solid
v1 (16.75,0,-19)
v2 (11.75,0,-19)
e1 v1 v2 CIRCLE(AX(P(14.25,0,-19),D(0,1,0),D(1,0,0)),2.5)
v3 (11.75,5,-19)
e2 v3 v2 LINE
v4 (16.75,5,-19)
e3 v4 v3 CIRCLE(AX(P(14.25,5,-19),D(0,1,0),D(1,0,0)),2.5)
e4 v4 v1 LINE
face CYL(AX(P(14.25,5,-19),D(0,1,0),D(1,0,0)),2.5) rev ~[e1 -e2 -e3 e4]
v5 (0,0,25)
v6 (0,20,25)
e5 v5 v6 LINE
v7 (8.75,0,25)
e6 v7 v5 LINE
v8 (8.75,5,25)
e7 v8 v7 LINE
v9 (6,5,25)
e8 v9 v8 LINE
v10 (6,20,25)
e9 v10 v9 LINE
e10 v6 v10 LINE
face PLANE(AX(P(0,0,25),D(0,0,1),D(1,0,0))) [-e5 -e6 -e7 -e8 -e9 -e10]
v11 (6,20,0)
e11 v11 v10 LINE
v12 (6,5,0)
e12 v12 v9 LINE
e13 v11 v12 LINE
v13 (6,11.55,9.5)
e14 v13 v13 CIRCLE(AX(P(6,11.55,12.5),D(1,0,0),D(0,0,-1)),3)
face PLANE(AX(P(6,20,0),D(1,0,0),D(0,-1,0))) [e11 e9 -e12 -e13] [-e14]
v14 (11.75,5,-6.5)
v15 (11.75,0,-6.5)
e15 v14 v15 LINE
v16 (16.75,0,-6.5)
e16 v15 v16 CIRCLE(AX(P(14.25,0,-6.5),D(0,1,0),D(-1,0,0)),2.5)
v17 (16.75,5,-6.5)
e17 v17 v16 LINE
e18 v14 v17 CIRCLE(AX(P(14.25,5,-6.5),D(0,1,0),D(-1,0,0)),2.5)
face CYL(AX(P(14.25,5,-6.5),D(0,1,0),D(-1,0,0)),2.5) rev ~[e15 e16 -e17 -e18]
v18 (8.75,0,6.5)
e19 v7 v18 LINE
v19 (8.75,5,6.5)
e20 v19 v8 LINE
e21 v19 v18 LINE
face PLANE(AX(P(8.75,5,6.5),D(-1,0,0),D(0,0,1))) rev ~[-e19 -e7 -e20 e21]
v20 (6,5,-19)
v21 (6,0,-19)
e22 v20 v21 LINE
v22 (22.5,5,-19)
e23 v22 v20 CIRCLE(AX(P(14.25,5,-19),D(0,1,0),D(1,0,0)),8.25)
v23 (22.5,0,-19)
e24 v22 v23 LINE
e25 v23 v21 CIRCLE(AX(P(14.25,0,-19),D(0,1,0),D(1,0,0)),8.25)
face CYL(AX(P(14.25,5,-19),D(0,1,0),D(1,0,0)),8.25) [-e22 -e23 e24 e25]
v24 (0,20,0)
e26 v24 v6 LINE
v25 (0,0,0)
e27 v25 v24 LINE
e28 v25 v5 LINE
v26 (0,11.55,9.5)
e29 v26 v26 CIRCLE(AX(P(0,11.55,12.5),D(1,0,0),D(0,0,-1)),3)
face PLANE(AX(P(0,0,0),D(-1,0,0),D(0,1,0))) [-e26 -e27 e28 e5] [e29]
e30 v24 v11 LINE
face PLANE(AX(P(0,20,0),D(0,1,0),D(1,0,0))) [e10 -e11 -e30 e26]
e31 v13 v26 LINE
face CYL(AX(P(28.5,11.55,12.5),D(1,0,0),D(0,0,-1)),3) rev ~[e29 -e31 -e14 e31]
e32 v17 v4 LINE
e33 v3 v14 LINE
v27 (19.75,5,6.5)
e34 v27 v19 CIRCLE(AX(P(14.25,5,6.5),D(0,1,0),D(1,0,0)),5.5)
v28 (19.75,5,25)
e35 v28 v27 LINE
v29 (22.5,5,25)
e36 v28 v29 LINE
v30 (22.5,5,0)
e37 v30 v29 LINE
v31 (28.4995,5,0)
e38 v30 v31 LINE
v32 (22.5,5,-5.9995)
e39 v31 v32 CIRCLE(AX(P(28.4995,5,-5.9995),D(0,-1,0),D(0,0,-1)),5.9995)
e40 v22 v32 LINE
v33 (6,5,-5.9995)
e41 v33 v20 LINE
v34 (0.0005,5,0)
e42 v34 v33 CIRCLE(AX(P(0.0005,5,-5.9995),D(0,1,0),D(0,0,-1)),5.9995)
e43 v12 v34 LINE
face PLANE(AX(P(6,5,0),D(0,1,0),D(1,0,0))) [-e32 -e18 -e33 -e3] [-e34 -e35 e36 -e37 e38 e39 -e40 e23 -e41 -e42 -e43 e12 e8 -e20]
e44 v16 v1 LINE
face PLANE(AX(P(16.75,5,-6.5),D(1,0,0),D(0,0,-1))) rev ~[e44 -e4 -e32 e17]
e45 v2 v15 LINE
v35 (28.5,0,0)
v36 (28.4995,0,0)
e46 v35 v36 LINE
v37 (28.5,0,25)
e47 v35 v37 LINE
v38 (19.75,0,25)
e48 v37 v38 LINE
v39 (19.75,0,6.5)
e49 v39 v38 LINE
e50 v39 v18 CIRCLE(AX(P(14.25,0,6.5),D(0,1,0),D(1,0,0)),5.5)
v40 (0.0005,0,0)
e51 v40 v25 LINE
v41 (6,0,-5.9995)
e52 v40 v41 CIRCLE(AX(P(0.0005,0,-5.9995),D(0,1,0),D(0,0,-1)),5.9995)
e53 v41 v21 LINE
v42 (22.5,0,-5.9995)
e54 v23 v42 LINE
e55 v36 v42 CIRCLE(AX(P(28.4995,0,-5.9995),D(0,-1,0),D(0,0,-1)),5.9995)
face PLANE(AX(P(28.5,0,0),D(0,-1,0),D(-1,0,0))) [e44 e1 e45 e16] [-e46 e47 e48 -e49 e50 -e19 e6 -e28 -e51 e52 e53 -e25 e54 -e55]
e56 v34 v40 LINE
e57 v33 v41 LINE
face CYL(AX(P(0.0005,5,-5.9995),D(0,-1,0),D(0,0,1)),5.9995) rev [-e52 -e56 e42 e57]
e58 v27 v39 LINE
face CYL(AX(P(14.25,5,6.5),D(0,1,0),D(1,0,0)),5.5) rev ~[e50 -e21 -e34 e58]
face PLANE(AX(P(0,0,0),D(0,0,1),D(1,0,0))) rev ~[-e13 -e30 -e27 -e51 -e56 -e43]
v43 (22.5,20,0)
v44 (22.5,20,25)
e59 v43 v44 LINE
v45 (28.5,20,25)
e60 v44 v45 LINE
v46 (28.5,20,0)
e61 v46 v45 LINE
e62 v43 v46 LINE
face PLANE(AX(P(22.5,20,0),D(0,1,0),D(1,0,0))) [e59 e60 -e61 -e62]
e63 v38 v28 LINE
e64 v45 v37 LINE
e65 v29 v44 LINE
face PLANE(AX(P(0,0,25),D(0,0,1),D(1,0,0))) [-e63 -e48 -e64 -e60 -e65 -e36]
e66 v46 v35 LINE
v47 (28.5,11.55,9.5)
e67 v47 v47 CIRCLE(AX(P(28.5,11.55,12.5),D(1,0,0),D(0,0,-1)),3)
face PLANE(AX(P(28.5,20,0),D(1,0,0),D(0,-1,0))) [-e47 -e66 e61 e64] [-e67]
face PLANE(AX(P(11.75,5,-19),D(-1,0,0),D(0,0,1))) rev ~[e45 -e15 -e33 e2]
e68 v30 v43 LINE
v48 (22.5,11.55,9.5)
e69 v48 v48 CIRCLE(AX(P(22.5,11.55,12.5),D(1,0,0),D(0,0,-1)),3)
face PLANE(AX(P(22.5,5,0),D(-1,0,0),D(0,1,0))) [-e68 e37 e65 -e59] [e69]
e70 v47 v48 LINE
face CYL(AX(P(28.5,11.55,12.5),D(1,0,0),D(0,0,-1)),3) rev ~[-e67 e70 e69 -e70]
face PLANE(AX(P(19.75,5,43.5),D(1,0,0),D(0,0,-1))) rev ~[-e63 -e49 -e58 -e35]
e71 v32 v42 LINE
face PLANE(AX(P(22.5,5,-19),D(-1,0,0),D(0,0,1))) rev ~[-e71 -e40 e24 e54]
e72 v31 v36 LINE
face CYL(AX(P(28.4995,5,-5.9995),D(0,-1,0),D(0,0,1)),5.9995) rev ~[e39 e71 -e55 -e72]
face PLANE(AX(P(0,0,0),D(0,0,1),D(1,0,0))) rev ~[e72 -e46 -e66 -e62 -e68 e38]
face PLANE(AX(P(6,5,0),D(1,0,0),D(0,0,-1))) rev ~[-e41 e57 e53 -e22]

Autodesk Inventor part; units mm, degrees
ref_plane "YZ Plane" through (0, 0, 0) normal (1, 0, 0) x (0, 1, 0)
ref_plane "XZ Plane" through (0, 0, 0) normal (0, 1, 0) x (-1, 0, 0)
ref_plane "XY Plane" through (0, 0, 0) normal (0, 0, 1) x (1, 0, 0)
sketch "Skizze1" plane through (0, 0, 0) normal (0, 0, 1) x (1, 0, 0)
  line L0 (0, 0) -> (0, 20)
  line L1 (0, 20) -> (6, 20)
  line L2 (6, 20) -> (6, 5)
  line L3 (6, 5) -> (22.5, 5)
  line L4 (22.5, 5) -> (22.5, 20)
  line L5 (22.5, 20) -> (28.5, 20)
  line L6 (28.5, 20) -> (28.5, 0)
  line L7 (28.5, 0) -> (0, 0)
  line L8 (14.25, 5) -> (14.25, 0) construction
  line L9 (0, 11.55) -> (28.5, 11.55) construction
  dimension "d0" = 6
  dimension "d1" = 5
  dimension "d2" = 11.55
  dimension "d3" = 16.5
  dimension "d4" = 20
  dimension "d14" = 28.5
extrude "Extrusion1" add sketch "Skizze1" along normal blind 25
sketch "Skizze2" plane through (28.5, 0, 0) normal (1, 0, 0) x (0, 0, -1)
  line L0 (-12.5, 11.55) -> (-12.5, 20) construction
  line L1 (0, 20) -> (-25, 20) construction
  circle A0 centre (-12.5, 11.55) radius 3
  point P0 (0, 0)
  point P1 (-25, 0)
  dimension "d7" = 11.55
  dimension "d20" = 6
extrude "Extrusion2" cut sketch "Skizze2" against normal through all
sketch "Skizze3" plane through (6, 5, 0) normal (0, 1, 0) x (1, 0, 0)
  line L0 (16.5, -25) -> (0, -25) construction
  line L1 (8.25, -25) -> (8.25, 0) construction
  line L2 (16.5, 0) -> (0, 0) construction
  line L3 (8.25, -43.5) -> (8.25, -6.5) construction
  line L4 (13.75, -43.5) -> (13.75, -6.5)
  line L5 (2.75, -6.5) -> (2.75, -43.5)
  arc A0 (2.75, -43.5) -> (13.75, -43.5) centre (8.25, -43.5) ccw
  arc A1 (13.75, -6.5) -> (2.75, -6.5) centre (8.25, -6.5) ccw
  line L6 (28.2, -12.5) -> (-11.7, -12.5) construction
  point P0 (-6, 0)
  dimension "d11" = 11
  dimension "d25" = 6
extrude "Extrusion3" cut sketch "Skizze3" against normal through all
sketch "Skizze4" plane through (6, 5, 0) normal (0, 1, 0) x (1, 0, 0)
  line L0 (16.5, 0) -> (0, 0) projected
  line L1 (8.25, -11) -> (8.25, 19) construction
  line L2 (-6, 0) -> (22.5, 0) projected
  line L3 (0, -11) -> (0, 19)
  line L4 (16.5, 19) -> (16.5, -11)
  arc A0 (0, -11) -> (16.5, -11) centre (8.25, -11) ccw
  arc A1 (16.5, 19) -> (0, 19) centre (8.25, 19) ccw
  line L5 (5.75, 19) -> (5.75, -11)
  arc A2 (5.75, -11) -> (10.75, -11) centre (8.25, -11) ccw
  line L6 (10.75, -11) -> (10.75, 19)
  arc A3 (10.75, 19) -> (5.75, 19) centre (8.25, 19) ccw
  arc A4 (5.75, 6.5) -> (10.75, 6.5) centre (8.25, 6.5) ccw
  point P0 (8.25, 4)
  point P1 (16.5, 0)
  point P2 (5.75, 0)
  point P3 (10.75, 0)
  point P4 (8.25, 0)
  point P5 (8.25, 0)
  dimension "d15" = 15
  dimension "d18" = 5
  dimension "d26" = 4
extrude "Extrusion4" add sketch "Skizze4" against normal up to surface (5 mm away) contours L0 L6 A3 L5 L3 A1 L4 | L0 L5 A4 L6
fillet "Rundung1" radius 6 2 edges at (6, 2.5, 0) (22.5, 2.5, 0)
ref_plane "Arbeitsebene1" through (14.25, 0, 25) normal (1, 0, 0) x (0, 0, -1)
properties part number "BeltDiscBottomPar_ohneLagert"
